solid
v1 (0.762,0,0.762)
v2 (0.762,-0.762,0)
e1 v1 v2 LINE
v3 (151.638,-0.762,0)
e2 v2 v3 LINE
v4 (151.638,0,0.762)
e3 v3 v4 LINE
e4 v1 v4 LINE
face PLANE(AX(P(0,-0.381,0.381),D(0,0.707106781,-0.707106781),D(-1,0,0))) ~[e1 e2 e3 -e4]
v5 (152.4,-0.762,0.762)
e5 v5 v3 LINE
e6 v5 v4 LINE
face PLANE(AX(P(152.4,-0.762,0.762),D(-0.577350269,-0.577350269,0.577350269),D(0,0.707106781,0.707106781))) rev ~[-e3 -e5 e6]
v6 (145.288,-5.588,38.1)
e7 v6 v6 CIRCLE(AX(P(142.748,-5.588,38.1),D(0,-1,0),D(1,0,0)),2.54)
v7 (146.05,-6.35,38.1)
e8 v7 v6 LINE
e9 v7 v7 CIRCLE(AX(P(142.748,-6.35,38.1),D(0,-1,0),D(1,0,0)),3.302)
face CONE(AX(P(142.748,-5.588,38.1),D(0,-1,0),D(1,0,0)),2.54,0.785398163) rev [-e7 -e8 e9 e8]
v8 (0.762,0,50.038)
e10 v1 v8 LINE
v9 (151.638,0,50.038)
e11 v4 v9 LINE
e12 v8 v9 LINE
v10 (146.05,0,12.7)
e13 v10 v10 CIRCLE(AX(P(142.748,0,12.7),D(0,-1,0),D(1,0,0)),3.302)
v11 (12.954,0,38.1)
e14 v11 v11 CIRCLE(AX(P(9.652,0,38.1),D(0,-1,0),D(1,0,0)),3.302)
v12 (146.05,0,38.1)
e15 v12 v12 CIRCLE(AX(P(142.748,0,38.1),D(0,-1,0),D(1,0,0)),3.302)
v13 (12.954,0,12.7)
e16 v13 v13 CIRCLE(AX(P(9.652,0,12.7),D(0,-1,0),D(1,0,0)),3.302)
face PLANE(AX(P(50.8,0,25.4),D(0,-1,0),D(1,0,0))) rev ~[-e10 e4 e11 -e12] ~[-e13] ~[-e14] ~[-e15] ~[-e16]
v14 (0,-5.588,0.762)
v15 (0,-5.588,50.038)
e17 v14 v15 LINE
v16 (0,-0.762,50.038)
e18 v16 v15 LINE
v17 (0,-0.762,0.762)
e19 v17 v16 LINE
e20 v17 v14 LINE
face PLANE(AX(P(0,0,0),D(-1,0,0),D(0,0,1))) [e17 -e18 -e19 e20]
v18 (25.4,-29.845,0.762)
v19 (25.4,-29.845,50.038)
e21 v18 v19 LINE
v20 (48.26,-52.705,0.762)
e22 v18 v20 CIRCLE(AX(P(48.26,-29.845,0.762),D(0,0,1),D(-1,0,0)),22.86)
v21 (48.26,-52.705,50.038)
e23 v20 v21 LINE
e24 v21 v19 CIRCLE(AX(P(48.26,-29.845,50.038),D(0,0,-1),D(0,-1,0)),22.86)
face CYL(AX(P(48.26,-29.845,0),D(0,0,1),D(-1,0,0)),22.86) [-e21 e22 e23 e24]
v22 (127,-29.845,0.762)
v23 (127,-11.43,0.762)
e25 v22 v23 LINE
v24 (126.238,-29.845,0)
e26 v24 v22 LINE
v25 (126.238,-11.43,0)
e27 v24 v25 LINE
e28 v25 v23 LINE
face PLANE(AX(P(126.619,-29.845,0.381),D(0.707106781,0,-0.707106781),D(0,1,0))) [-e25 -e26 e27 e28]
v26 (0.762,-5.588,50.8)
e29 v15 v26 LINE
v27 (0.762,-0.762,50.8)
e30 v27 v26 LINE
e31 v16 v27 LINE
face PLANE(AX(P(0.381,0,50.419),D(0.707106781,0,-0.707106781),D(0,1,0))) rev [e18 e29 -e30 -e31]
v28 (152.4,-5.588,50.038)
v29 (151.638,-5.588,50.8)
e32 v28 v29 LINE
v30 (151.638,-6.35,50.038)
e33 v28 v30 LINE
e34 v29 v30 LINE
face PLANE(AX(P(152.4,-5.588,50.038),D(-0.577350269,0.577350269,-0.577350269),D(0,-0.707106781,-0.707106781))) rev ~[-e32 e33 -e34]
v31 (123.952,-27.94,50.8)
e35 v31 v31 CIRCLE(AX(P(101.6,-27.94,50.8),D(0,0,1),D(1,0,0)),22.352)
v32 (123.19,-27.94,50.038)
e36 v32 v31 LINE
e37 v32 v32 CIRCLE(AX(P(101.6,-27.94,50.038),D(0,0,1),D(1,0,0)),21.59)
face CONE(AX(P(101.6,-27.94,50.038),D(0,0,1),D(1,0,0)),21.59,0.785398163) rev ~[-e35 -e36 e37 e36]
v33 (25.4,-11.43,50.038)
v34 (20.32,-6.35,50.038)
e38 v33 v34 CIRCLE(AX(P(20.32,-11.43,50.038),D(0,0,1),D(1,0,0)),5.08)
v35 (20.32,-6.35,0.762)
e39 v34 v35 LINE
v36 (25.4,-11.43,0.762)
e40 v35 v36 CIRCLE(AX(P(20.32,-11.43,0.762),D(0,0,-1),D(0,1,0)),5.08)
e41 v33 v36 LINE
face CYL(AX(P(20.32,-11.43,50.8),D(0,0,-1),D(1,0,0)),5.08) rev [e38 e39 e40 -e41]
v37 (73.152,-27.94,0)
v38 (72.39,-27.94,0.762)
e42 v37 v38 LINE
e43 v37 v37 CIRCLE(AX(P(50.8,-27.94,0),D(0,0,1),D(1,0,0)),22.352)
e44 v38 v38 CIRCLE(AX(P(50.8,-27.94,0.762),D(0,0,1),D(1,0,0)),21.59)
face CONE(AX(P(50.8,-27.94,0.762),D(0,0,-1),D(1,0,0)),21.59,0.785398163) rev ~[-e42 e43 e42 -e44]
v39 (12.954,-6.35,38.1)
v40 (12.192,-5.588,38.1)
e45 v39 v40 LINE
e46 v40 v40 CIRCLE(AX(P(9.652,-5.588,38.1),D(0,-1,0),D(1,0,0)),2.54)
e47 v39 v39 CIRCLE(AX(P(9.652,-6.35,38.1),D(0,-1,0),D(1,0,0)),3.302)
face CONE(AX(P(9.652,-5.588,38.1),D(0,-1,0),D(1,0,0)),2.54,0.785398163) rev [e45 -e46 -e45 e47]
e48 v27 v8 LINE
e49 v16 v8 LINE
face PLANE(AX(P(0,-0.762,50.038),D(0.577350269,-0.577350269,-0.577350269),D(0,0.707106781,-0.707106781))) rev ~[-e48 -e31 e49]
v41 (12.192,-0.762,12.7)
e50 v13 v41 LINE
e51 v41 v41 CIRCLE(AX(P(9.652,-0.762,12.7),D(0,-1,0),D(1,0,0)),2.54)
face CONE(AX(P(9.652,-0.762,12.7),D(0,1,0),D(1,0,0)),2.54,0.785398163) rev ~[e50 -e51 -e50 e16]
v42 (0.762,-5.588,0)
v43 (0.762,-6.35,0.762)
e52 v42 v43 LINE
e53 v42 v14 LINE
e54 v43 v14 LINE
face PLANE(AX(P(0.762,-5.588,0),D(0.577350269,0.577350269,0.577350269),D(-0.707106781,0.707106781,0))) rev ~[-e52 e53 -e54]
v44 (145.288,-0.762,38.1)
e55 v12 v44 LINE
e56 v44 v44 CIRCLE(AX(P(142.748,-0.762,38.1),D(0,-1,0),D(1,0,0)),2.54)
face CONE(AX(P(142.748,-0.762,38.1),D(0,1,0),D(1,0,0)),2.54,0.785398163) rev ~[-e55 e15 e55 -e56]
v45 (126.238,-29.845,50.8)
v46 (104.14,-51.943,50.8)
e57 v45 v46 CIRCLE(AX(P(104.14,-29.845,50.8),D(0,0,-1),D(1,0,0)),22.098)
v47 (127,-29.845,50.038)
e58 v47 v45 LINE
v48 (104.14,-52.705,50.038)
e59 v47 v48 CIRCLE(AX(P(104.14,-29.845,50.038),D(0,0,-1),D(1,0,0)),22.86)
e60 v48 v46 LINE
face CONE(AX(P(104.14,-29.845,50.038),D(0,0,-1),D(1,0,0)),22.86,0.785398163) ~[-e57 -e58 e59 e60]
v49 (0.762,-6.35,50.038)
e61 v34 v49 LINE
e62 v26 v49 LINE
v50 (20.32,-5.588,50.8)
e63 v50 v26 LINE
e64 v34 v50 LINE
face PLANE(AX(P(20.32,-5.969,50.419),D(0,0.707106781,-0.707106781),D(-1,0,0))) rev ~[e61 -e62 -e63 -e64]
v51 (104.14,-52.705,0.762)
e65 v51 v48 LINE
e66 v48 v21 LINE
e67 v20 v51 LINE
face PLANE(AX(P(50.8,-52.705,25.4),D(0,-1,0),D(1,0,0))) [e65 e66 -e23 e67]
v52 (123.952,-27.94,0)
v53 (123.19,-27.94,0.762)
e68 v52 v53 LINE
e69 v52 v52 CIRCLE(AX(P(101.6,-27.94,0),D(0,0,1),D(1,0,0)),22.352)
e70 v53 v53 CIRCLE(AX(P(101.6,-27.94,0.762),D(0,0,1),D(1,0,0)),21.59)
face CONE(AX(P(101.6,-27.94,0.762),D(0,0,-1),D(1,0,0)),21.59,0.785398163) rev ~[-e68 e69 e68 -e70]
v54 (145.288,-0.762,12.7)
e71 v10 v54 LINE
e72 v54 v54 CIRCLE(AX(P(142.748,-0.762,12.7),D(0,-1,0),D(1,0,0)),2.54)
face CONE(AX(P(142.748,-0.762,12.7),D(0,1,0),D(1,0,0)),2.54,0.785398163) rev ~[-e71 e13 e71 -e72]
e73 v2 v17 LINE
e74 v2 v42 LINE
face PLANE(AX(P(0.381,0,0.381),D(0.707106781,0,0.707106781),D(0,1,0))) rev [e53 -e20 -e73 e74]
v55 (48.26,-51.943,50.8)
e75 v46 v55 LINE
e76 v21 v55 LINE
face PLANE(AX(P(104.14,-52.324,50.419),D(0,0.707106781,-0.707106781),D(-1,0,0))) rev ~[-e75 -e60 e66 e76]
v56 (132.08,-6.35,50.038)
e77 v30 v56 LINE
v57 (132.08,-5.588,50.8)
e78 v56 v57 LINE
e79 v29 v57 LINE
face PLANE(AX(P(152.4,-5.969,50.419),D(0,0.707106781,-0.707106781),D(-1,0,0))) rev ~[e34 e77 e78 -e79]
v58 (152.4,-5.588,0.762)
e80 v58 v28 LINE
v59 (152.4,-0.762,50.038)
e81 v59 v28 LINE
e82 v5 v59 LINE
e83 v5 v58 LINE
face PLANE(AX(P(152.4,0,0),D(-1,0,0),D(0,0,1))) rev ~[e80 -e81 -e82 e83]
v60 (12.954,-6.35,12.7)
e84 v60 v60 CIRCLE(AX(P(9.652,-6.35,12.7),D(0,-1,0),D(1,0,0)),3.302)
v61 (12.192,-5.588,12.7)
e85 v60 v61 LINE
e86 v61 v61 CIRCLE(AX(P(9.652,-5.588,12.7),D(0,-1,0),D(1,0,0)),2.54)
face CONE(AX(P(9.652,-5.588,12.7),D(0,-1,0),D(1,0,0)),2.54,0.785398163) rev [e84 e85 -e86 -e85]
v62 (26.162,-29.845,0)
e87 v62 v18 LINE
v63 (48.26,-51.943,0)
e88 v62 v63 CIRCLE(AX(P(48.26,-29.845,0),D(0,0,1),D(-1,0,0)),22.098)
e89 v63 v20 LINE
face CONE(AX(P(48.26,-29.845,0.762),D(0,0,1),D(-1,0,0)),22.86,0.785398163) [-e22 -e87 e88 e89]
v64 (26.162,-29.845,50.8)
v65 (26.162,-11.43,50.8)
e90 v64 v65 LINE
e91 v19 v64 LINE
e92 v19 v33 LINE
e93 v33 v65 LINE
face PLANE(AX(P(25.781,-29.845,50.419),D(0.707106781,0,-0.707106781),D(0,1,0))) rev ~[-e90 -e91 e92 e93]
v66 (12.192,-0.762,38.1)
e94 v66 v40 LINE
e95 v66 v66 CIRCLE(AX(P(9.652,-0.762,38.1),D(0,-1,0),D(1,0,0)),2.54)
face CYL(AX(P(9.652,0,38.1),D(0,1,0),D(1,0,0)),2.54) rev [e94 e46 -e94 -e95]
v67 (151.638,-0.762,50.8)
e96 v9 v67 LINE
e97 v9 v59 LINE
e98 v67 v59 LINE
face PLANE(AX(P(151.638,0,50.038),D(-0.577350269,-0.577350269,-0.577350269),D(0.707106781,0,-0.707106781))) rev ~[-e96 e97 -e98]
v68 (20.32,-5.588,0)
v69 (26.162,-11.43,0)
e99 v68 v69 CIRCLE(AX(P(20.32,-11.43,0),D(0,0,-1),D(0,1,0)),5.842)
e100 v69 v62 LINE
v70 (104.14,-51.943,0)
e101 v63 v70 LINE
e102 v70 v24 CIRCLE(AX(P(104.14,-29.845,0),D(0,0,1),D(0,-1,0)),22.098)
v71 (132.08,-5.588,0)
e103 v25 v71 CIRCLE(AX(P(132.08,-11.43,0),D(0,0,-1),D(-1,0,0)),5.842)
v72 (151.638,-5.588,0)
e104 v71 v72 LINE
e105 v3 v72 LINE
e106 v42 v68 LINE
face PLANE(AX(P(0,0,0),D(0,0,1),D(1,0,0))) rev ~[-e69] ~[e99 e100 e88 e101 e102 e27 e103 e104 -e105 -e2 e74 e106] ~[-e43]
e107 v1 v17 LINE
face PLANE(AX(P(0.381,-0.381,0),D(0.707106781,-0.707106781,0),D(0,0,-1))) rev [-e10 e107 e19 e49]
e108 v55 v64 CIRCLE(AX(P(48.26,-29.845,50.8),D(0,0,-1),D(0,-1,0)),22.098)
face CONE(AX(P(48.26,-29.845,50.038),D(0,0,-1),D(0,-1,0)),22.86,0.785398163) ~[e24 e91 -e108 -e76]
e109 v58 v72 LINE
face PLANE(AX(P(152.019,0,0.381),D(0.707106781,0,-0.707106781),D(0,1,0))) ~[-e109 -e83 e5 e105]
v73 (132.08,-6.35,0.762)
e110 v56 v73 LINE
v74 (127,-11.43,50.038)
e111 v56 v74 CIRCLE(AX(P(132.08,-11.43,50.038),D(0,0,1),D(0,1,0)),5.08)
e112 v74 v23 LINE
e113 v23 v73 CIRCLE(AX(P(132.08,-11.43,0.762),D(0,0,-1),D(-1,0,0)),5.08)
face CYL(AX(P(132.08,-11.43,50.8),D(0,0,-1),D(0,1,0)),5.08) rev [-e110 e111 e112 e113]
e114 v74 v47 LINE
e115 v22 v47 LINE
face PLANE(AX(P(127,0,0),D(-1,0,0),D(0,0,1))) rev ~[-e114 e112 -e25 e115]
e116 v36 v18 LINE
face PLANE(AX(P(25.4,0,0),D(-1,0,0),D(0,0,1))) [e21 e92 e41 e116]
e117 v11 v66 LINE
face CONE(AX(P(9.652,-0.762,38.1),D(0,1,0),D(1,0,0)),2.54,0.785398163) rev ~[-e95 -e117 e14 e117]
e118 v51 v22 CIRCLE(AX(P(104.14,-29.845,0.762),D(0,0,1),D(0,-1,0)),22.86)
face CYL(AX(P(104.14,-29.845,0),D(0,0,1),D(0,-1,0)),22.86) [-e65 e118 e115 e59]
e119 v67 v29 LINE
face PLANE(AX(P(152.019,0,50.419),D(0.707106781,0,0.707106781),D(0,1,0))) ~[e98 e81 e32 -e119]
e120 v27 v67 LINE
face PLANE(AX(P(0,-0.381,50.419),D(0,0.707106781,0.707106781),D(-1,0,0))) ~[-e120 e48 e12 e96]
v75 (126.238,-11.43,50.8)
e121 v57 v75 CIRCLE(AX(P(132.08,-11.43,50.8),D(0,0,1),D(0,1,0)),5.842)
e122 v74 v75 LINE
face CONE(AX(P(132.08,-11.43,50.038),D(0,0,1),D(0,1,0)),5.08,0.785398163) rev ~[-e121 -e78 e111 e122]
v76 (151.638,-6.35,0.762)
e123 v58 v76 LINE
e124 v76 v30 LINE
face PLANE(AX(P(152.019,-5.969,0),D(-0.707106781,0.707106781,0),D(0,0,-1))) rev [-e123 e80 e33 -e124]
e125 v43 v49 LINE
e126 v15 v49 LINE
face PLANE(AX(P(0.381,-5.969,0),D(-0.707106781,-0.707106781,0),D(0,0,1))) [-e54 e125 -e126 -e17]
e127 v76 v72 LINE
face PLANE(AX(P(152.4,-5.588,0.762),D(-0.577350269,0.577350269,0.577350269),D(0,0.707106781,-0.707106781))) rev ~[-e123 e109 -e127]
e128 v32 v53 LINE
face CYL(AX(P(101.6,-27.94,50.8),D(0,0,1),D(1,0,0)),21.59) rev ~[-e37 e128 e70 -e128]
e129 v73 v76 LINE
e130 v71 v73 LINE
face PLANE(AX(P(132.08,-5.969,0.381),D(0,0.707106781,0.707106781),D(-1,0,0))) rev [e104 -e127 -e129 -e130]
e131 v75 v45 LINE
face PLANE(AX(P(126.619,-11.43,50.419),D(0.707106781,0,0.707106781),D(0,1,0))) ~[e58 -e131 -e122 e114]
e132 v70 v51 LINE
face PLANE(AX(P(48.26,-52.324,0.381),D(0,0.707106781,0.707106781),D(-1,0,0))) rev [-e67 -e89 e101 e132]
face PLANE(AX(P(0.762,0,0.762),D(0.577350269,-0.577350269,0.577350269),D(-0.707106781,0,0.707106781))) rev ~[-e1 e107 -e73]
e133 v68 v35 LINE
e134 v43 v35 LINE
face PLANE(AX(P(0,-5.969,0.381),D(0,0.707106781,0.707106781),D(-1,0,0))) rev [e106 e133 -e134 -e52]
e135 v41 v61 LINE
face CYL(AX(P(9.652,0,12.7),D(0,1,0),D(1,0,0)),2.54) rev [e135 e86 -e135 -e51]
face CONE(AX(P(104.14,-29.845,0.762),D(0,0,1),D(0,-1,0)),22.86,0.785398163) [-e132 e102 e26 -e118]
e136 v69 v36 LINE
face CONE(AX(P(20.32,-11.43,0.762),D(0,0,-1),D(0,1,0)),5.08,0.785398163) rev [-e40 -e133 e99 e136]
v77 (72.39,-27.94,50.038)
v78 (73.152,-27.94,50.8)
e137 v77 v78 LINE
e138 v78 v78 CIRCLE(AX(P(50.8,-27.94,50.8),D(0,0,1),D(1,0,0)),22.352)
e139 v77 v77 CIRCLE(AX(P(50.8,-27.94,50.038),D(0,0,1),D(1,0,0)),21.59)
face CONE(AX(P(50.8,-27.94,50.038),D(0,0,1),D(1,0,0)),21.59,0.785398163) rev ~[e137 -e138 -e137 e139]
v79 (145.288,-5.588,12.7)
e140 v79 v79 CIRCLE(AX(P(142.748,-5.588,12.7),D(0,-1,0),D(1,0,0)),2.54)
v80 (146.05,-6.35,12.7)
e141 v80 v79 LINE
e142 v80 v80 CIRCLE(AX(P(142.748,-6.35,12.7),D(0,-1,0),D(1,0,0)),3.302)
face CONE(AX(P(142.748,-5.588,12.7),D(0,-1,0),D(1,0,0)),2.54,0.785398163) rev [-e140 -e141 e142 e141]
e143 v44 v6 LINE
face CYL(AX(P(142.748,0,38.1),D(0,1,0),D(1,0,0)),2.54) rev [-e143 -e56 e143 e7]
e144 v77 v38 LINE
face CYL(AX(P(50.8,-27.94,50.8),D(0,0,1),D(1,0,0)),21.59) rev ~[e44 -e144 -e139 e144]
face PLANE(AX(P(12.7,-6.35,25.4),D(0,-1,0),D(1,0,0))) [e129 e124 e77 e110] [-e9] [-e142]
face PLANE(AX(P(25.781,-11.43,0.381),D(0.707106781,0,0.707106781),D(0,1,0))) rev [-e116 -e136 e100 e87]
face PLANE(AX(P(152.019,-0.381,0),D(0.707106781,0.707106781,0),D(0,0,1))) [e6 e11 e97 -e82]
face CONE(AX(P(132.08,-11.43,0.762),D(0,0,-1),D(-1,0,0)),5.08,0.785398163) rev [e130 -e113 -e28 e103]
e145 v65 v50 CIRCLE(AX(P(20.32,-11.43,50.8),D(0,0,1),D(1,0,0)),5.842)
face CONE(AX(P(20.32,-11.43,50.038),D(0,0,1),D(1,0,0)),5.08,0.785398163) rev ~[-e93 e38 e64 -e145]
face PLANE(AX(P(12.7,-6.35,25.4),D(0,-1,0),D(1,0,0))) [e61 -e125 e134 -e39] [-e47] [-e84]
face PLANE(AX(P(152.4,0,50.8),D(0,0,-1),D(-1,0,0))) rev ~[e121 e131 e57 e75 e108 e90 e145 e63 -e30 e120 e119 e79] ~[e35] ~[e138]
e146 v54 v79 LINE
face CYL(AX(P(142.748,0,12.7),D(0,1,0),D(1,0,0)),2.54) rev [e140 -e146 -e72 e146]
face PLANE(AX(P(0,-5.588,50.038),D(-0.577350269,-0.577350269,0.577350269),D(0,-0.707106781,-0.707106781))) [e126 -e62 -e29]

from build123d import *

# Parameters (mm, degrees)
F0_W     = 25.4
F0_H     = 50.8
F0_R     = 2.54
F0_W_2   = 50.8
F1_DEPTH = 6.35
F2_DEPTH = 52.705
F3_R     = 5.08
F4_R     = 21.59
F5_DEPTH = 50.801
F6_R     = 22.86
F7_SIZE  = 0.762


with BuildPart() as f1:
    # F0 (on Front) → F1 (new body)
    with BuildSketch(Plane.XZ):
        with Locations((12.7, 25.4)):
            Rectangle(F0_W, F0_H)
        with Locations((9.652, 12.7)):
            Circle(F0_R, mode=Mode.SUBTRACT)
        with Locations((9.652, 38.1)):
            Circle(F0_R, mode=Mode.SUBTRACT)
        with Locations((139.7, 25.4)):
            Rectangle(F0_W, F0_H)
        with Locations((142.748, 12.7)):
            Circle(F0_R, mode=Mode.SUBTRACT)
        with Locations((142.748, 38.1)):
            Circle(F0_R, mode=Mode.SUBTRACT)
        with Locations((50.8, 25.4)):
            Rectangle(F0_W_2, F0_H)
        with Locations((101.6, 25.4)):
            Rectangle(F0_W_2, F0_H)
    extrude(amount=F1_DEPTH)

    # F0 (on Front) → F2 (join)
    with BuildSketch(Plane.XZ):
        with Locations((50.8, 25.4)):
            Rectangle(F0_W_2, F0_H)
        with Locations((101.6, 25.4)):
            Rectangle(F0_W_2, F0_H)
    extrude(amount=F2_DEPTH)

    # F3
    f3_edges = [f1.edges().sort_by_distance(p)[0] for p in [
        (127, -6.35, 25.4),
        (25.4, -6.35, 25.4),
    ]]
    fillet(f3_edges, radius=F3_R)

    # F4 (on face) → F5 (cut, through all)
    with BuildSketch(Plane.XY.offset(50.8)):
        with Locations((50.8, -27.94)):
            Circle(F4_R)
        with Locations((101.6, -27.94)):
            Circle(F4_R)
    extrude(amount=-F5_DEPTH, mode=Mode.SUBTRACT)

    # F6
    f6_edges = [f1.edges().sort_by_distance(p)[0] for p in [
        (127, -52.705, 25.4),
        (25.4, -52.705, 25.4),
    ]]
    fillet(f6_edges, radius=F6_R)

    # F7
    f7_edges = [f1.edges().sort_by_distance(p)[0] for p in [
        (127, -20.6375, 50.8),
        (120.304461, -46.009461, 50.8),
        (128.487898, -7.837898, 50.8),
        (76.2, -52.705, 50.8),
        (142.24, -6.35, 50.8),
        (32.095539, -46.009461, 50.8),
        (152.4, -3.175, 50.8),
        (25.4, -20.6375, 50.8),
        (76.2, 0, 50.8),
        (23.912102, -7.837898, 50.8),
        (0, -3.175, 50.8),
        (10.16, -6.35, 50.8),
        (80.01, -27.94, 50.8),
        (29.21, -27.94, 50.8),
        (20.32, -6.35, 25.4),
        (0, -6.35, 25.4),
        (10.16, -6.35, 0),
        (7.112, -6.35, 12.7),
        (7.112, -6.35, 38.1),
        (132.08, -6.35, 25.4),
        (152.4, -6.35, 25.4),
        (142.24, -6.35, 0),
        (140.208, -6.35, 12.7),
        (140.208, -6.35, 38.1),
        (25.4, -20.6375, 0),
        (32.095539, -46.009461, 0),
        (23.912102, -7.837898, 0),
        (76.2, -52.705, 0),
        (120.304461, -46.009461, 0),
        (0, -3.175, 0),
        (127, -20.6375, 0),
        (76.2, 0, 0),
        (128.487898, -7.837898, 0),
        (152.4, -3.175, 0),
        (29.21, -27.94, 0),
        (80.01, -27.94, 0),
        (0, 0, 25.4),
        (152.4, 0, 25.4),
        (7.112, 0, 12.7),
        (7.112, 0, 38.1),
        (140.208, 0, 38.1),
        (140.208, 0, 12.7),
    ]]
    chamfer(f7_edges, length=F7_SIZE)


solid = f1.part
